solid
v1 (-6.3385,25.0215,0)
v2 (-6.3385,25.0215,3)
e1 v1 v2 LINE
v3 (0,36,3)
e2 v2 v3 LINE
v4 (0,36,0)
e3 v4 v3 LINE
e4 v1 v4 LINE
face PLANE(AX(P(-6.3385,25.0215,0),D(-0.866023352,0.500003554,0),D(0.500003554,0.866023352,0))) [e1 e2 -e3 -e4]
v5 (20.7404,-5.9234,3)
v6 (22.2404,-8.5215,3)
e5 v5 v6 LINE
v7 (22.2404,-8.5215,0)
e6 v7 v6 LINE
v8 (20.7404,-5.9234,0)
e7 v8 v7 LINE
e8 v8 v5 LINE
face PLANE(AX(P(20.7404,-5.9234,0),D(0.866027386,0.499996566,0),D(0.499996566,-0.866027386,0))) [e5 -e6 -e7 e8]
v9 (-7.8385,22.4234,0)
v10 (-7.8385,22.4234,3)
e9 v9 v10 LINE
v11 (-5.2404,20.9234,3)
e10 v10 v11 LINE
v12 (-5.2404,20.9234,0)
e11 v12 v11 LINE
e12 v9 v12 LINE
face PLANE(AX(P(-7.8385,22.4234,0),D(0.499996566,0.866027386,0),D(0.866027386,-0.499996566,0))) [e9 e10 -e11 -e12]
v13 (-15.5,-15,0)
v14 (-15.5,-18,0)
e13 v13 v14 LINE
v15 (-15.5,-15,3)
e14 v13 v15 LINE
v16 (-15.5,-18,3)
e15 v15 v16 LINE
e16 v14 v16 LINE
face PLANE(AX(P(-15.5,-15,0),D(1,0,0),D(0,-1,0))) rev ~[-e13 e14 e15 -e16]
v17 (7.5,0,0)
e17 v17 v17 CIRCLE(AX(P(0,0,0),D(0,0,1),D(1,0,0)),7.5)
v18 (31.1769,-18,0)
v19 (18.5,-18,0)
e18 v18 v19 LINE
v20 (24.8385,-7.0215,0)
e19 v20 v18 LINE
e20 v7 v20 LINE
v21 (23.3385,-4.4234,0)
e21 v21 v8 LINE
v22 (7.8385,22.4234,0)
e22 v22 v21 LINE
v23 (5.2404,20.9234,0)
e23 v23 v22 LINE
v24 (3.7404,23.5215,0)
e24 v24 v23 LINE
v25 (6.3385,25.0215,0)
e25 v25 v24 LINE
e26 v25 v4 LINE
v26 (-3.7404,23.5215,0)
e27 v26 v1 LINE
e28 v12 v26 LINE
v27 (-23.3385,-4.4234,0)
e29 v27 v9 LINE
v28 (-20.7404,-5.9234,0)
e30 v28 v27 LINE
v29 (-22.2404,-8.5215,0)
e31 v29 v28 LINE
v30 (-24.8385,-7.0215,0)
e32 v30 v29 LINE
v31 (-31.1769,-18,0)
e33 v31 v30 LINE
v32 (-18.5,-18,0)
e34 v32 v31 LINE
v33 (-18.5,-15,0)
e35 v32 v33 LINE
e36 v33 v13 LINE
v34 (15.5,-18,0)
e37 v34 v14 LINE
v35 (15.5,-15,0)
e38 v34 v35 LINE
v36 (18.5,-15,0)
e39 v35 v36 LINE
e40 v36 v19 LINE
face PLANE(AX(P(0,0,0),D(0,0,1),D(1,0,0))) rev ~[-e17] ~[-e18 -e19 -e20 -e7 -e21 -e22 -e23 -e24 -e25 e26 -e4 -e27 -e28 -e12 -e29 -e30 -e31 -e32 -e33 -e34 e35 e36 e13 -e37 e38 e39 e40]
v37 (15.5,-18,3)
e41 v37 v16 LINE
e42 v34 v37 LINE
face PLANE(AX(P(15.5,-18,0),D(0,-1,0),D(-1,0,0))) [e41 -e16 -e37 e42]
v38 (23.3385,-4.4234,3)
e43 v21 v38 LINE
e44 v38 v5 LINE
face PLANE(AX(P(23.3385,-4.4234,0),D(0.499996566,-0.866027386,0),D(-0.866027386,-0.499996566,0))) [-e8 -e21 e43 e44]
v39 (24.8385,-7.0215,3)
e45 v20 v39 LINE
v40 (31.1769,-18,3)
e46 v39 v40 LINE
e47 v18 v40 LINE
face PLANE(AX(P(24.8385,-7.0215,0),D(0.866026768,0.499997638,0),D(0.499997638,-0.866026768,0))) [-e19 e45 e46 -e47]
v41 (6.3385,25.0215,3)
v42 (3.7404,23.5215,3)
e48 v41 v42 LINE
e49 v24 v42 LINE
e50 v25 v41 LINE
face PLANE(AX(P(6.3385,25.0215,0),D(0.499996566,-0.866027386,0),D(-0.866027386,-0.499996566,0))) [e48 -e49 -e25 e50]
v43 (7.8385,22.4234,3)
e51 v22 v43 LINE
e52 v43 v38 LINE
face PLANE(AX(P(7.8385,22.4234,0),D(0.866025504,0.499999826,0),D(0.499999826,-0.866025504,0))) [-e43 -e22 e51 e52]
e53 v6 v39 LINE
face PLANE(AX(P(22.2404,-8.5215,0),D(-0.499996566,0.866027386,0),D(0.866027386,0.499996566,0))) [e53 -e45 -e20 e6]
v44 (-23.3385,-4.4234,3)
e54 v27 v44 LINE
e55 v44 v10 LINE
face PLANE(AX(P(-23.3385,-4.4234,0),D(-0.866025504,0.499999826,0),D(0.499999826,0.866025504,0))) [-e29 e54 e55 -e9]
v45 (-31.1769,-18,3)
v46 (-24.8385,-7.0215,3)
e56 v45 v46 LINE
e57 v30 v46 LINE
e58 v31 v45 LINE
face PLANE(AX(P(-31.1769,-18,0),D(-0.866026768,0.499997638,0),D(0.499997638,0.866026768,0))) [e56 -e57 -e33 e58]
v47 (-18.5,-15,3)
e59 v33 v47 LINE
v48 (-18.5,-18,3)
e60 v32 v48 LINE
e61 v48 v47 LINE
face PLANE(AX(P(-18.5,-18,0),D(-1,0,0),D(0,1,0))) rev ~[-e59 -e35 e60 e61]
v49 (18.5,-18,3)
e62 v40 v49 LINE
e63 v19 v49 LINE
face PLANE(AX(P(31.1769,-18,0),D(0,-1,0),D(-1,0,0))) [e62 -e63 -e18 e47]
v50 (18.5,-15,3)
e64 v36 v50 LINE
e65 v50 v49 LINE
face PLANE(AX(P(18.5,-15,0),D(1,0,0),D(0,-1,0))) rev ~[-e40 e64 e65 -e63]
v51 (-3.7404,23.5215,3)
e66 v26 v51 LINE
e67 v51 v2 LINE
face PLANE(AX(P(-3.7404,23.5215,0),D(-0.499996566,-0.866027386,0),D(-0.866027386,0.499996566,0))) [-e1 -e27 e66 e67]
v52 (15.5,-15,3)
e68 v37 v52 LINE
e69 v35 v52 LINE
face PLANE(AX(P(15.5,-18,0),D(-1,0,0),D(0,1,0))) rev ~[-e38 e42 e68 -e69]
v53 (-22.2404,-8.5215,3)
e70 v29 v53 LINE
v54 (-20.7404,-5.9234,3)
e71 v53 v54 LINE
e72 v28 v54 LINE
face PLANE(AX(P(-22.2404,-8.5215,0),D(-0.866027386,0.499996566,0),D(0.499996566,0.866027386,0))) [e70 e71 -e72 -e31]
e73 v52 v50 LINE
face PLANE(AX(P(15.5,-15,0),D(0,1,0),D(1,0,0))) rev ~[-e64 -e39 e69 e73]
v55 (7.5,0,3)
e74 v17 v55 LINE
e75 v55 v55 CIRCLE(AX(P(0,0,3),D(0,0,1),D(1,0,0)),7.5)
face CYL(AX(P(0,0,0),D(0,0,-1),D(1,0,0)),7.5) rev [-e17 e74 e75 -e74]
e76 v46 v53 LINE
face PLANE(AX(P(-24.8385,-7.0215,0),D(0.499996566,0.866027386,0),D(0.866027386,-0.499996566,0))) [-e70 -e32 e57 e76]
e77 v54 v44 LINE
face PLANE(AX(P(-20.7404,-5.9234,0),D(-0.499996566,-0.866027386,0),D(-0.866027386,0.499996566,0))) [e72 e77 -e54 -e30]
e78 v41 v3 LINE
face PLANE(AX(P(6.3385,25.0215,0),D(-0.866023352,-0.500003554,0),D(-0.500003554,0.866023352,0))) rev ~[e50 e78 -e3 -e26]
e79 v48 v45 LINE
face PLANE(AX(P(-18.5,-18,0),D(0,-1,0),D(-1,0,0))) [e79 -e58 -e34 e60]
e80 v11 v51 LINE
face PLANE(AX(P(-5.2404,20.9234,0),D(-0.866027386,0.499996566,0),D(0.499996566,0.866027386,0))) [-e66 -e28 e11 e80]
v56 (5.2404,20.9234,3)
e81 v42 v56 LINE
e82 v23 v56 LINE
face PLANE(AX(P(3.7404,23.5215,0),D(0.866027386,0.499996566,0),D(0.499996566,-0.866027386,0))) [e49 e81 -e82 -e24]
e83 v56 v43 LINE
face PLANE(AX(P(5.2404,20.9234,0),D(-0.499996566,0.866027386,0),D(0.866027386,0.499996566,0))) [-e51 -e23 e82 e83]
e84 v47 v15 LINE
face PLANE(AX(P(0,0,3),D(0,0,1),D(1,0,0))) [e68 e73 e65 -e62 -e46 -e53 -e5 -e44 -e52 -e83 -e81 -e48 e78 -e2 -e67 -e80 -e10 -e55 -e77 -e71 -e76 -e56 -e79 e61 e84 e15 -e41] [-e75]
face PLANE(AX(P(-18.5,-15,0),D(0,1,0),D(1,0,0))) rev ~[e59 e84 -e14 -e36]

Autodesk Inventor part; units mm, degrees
ref_plane "YZ Plane" through (0, 0, 0) normal (1, 0, 0) x (0, 1, 0)
ref_plane "XZ Plane" through (0, 0, 0) normal (0, 1, 0) x (-1, 0, 0)
ref_plane "XY Plane" through (0, 0, 0) normal (0, 0, 1) x (1, 0, 0)
sketch "Sketch1" plane through (0, 0, 0) normal (0, 0, 1) x (1, 0, 0)
  circle A0 centre (0, 0) radius 7.5
  line L0 (31.1769, -18) -> (-31.1769, -18) construction
  line L1 (-31.1769, -18) -> (0, 36) construction
  line L2 (0, 36) -> (31.1769, -18) construction
  line L3 (15.5, -18) -> (15.5, -15)
  line L4 (15.5, -15) -> (18.5, -15)
  line L5 (18.5, -15) -> (18.5, -18)
  line L6 (-18.5, -18) -> (-18.5, -15)
  line L7 (-18.5, -15) -> (-15.5, -15)
  line L8 (-15.5, -15) -> (-15.5, -18)
  line L9 (-31.1769, -18) -> (15.5885, 9) construction
  line L10 (31.1769, -18) -> (-15.5885, 9) construction
  line L11 (0, 36) -> (0, -18) construction
  line L12 (6.3385, 25.0215) -> (3.7404, 23.5215)
  line L13 (3.7404, 23.5215) -> (5.2404, 20.9234)
  line L14 (5.2404, 20.9234) -> (7.8385, 22.4234)
  line L15 (23.3385, -4.4234) -> (20.7404, -5.9234)
  line L16 (20.7404, -5.9234) -> (22.2404, -8.5215)
  line L17 (22.2404, -8.5215) -> (24.8385, -7.0215)
  line L18 (-24.8385, -7.0215) -> (-22.2404, -8.5215)
  line L19 (-22.2404, -8.5215) -> (-20.7404, -5.9234)
  line L20 (-20.7404, -5.9234) -> (-23.3385, -4.4234)
  line L21 (-7.8385, 22.4234) -> (-5.2404, 20.9234)
  line L22 (-5.2404, 20.9234) -> (-3.7404, 23.5215)
  line L23 (-3.7404, 23.5215) -> (-6.3385, 25.0215)
  line L24 (-6.3385, 25.0215) -> (0, 36)
  line L25 (6.3385, 25.0215) -> (0, 36)
  line L26 (7.8385, 22.4234) -> (23.3385, -4.4234)
  line L27 (24.8385, -7.0215) -> (31.1769, -18)
  line L28 (31.1769, -18) -> (18.5, -18)
  line L29 (15.5, -18) -> (-15.5, -18)
  line L30 (-18.5, -18) -> (-31.1769, -18)
  line L31 (-31.1769, -18) -> (-24.8385, -7.0215)
  line L32 (-23.3385, -4.4234) -> (-7.8385, 22.4234)
  dimension "d3" = 15
  dimension "d4" = 18.5
  dimension "d5" = 18.5
  dimension "d8" = 3
  dimension "d9" = 18
  dimension "d10" = 3
  dimension "d11" = 3
  dimension "d12" = 18.5
  dimension "d13" = 3
  dimension "d14" = 3
  dimension "d15" = 18.5
  dimension "d16" = 3
  dimension "d17" = 3
  dimension "d18" = 18.5
  dimension "d19" = 3
  dimension "d20" = 3
  dimension "d21" = 3
  dimension "d22" = 18.5
  dimension "d23" = 3
extrude "Extrusion2" add sketch "Sketch1" along normal blind 3
equation "\"d5\" = d4"
equation "\"d11\" = d10"
equation "\"d12\" = d4"
equation "\"d13\" = d10"
equation "\"d14\" = d8"
equation "\"d15\" = d4"
equation "\"d16\" = d13"
equation "\"d17\" = d8"
equation "\"d18\" = d4"
equation "\"d19\" = d10"
equation "\"d20\" = d8"
equation "\"d21\" = d8"
equation "\"d22\" = d4"
equation "\"d23\" = d10"
properties part number "actuator"
